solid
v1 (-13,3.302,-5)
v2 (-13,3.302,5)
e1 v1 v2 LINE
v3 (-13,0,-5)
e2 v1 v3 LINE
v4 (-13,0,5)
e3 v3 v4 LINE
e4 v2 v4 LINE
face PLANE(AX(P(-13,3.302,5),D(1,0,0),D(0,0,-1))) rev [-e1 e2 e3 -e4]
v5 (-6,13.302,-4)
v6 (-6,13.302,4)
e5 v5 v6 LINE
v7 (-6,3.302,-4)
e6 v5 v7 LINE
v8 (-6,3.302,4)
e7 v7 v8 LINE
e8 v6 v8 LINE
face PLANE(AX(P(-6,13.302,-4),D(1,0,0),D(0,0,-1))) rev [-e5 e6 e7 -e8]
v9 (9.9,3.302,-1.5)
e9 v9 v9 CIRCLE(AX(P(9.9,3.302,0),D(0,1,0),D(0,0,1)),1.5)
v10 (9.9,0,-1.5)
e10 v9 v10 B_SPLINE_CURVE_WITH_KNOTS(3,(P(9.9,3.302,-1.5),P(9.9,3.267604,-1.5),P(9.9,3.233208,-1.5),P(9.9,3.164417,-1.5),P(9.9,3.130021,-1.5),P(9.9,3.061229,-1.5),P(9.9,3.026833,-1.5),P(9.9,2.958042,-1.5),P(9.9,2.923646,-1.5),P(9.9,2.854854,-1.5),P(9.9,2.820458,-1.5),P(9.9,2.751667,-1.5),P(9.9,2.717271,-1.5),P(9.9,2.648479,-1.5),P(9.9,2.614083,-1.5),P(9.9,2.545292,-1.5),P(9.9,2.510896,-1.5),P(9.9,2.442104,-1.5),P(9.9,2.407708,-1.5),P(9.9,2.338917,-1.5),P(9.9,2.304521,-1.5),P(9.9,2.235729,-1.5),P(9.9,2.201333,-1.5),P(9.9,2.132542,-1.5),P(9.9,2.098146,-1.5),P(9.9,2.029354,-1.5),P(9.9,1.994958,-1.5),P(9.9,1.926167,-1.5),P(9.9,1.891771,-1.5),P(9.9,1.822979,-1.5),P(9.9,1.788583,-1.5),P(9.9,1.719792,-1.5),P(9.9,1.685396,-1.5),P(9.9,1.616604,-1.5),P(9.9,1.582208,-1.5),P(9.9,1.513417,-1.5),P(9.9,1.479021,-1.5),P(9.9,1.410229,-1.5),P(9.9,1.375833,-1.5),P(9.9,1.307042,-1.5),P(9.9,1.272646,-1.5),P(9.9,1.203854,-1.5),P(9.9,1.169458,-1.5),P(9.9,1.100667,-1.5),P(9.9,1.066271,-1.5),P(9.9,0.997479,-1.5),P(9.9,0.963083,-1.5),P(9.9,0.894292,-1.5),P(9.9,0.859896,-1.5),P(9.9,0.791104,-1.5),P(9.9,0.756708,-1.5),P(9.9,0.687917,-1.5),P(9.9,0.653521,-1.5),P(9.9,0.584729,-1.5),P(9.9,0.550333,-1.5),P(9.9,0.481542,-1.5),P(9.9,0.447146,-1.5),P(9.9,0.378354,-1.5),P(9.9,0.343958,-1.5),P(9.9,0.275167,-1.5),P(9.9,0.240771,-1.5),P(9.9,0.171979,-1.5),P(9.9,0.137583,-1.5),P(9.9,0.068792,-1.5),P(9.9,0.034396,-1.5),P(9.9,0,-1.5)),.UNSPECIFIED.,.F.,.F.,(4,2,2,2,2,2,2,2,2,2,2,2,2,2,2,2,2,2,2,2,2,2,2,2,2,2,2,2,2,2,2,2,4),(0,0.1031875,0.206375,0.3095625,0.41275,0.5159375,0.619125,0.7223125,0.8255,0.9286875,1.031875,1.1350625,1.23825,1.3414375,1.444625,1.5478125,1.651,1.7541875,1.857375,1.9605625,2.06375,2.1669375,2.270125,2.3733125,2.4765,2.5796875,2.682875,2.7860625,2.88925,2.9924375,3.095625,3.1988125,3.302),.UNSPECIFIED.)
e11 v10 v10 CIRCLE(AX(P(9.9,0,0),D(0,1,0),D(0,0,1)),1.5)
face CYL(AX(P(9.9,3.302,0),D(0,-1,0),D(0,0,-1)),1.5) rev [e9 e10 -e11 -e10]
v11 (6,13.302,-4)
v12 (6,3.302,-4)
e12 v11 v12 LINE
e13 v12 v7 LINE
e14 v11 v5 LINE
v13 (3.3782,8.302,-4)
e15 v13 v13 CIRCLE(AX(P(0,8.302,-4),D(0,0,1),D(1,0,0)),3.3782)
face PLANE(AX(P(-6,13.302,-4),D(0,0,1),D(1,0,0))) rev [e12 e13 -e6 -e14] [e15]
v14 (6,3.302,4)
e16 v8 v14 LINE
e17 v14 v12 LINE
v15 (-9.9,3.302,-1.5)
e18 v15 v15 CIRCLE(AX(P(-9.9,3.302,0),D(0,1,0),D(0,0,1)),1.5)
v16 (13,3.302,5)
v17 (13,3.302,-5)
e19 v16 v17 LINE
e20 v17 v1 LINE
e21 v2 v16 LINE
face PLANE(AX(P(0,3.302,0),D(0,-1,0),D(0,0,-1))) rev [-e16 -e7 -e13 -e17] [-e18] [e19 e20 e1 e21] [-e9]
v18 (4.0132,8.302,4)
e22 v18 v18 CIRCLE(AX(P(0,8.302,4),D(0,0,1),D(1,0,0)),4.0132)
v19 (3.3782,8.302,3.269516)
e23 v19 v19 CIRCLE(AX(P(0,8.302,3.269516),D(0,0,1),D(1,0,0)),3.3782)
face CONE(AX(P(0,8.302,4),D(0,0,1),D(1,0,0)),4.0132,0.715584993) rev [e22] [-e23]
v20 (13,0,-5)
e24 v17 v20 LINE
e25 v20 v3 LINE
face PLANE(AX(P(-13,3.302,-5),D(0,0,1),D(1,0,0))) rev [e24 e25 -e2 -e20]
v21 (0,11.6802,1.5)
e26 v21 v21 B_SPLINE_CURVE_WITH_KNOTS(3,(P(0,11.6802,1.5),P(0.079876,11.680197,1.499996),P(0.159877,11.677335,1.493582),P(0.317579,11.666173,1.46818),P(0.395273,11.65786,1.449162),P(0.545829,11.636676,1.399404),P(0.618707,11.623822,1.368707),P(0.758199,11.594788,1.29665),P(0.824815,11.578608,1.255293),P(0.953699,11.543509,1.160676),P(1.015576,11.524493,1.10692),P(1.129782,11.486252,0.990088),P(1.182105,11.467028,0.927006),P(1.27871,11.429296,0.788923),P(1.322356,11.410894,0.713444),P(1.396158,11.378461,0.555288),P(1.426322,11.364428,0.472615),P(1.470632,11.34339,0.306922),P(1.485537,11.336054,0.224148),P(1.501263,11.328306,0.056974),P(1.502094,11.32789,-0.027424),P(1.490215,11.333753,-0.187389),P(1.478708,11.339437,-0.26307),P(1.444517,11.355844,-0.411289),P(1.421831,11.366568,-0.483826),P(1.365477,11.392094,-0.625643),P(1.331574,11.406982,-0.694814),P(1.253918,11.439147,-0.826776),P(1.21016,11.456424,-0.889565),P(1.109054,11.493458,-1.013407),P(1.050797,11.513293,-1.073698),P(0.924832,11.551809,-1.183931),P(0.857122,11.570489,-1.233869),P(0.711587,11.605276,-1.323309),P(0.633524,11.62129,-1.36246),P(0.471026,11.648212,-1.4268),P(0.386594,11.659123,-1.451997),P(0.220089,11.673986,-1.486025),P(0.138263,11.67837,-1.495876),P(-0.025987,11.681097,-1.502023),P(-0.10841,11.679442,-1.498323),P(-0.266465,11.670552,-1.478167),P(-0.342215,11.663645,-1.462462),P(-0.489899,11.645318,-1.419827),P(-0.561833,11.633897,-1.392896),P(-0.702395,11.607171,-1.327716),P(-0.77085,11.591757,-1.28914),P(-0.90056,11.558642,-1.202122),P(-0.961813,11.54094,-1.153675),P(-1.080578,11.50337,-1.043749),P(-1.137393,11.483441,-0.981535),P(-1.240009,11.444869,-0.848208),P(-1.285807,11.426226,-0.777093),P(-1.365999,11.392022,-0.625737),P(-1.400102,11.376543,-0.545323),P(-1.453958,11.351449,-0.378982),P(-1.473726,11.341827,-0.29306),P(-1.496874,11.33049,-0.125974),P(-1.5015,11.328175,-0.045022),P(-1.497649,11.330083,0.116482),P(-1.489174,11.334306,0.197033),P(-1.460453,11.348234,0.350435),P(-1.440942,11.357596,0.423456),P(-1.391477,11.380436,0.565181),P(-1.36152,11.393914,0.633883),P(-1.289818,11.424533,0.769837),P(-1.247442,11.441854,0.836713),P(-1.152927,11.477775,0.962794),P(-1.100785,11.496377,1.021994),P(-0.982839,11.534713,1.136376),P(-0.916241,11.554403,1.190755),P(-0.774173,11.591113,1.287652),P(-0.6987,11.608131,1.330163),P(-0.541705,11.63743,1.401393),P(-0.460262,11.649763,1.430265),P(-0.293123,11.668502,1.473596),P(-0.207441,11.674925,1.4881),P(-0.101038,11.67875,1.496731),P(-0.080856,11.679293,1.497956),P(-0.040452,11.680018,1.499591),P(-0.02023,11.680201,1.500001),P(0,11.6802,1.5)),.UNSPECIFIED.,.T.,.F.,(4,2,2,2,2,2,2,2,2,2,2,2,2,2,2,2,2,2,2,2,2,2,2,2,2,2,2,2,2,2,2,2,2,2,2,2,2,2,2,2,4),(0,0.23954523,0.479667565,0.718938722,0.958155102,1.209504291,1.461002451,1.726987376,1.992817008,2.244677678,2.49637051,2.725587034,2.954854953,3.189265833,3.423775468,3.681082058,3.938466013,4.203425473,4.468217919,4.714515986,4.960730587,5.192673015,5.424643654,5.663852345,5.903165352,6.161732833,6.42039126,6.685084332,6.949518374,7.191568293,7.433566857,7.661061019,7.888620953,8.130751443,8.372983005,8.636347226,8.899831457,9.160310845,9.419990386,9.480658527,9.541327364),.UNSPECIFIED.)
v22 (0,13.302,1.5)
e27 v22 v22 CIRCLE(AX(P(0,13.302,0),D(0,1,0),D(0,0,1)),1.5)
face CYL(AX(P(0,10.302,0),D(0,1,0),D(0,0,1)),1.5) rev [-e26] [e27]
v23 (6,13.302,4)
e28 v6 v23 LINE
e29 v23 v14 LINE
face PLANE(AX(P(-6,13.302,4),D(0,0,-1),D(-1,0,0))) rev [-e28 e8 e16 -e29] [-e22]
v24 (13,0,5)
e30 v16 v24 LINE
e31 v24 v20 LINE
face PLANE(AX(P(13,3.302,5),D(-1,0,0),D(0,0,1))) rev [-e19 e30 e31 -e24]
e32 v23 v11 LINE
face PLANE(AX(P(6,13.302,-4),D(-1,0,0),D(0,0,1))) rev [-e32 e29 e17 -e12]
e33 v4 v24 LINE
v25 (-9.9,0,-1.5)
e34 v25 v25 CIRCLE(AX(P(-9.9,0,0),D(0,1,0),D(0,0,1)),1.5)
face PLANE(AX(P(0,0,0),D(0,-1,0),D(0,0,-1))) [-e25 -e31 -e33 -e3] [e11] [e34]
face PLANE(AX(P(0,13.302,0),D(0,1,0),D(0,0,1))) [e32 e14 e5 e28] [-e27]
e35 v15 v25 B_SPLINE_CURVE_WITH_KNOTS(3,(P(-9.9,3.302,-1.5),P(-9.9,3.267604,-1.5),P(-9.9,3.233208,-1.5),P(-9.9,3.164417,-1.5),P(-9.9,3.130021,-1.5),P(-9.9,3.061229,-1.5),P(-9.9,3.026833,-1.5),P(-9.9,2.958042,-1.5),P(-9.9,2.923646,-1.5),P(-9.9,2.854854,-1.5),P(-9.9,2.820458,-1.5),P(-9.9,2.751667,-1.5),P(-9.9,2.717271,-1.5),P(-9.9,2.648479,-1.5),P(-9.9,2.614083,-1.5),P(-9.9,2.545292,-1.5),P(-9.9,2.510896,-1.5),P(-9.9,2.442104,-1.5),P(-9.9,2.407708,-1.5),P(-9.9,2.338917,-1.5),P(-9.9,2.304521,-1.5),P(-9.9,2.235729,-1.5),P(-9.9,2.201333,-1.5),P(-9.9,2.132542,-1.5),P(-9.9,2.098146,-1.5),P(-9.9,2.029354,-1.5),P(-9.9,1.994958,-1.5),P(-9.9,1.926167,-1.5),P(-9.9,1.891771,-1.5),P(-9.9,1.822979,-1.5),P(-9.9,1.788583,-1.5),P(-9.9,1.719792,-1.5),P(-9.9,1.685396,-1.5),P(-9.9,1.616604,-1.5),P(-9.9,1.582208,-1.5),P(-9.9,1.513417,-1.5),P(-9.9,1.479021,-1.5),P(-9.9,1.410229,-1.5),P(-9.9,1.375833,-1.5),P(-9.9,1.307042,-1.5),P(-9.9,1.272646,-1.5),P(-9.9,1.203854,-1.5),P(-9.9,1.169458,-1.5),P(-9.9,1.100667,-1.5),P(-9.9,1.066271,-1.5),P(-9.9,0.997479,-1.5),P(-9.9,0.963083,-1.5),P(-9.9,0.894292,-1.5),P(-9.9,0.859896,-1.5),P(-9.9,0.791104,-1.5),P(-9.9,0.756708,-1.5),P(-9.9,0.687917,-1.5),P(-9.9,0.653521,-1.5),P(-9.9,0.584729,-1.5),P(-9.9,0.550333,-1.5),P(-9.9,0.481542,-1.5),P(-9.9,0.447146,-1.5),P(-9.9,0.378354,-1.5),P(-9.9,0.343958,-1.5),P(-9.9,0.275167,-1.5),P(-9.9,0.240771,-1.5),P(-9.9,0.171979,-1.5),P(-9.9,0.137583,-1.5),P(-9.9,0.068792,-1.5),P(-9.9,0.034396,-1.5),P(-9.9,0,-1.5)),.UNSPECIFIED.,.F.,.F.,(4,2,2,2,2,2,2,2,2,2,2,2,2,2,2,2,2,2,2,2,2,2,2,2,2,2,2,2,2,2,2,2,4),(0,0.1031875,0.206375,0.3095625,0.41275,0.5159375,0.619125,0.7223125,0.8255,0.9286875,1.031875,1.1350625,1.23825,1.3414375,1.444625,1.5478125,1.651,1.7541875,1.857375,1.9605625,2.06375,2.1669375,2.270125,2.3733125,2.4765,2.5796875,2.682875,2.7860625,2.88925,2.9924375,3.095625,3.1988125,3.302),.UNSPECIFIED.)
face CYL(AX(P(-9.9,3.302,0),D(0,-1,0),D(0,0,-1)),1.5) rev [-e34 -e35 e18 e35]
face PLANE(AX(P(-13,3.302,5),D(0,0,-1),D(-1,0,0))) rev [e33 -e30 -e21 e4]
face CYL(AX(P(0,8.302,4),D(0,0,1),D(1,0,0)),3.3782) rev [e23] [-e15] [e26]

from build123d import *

# Parameters (mm, degrees)
SKETCH1_W                               = 26
SKETCH1_H                               = 10
SKETCH1_R                               = 1.5
BOSS_EXTRUDE5_DEPTH                     = 3.302
CROQUIS7_W                              = 12
CROQUIS7_H                              = 8
SALIENTE_EXTRUIR2_DEPTH                 = 10
TALADRO_DE_MARGEN_PARA_1_43_D           = 6.7564
TALADRO_DE_MARGEN_PARA_1_43_CSINK_D     = 8.0264
TALADRO_DE_MARGEN_PARA_1_43_CSINK_ANGLE = 82
CROQUIS13_R                             = 1.5
CORTAR_EXTRUIR3_DEPTH                   = 3


with BuildPart() as part:
    # Sketch1 → Boss-Extrude5 (new body)
    with BuildSketch(Plane(origin=(0, 0, 0), x_dir=(1, 0, 0), z_dir=(0, 1, 0))):
        Rectangle(SKETCH1_W, SKETCH1_H)
        with Locations(Location((-9.9, 0, 0), (0, 0, 90))):
            Circle(SKETCH1_R, mode=Mode.SUBTRACT)
        with Locations(Location((9.9, 0, 0), (0, 0, 90))):
            Circle(SKETCH1_R, mode=Mode.SUBTRACT)
    extrude(amount=BOSS_EXTRUDE5_DEPTH)

    # Croquis7 → Saliente-Extruir2 (add)
    with BuildSketch(Plane(origin=(0, 3.302, 0), x_dir=(1, 0, 0), z_dir=(0, 1, 0))):
        Rectangle(CROQUIS7_W, CROQUIS7_H)
    extrude(amount=SALIENTE_EXTRUIR2_DEPTH)

    # Taladro de margen para 1/43 (through all)
    with Locations(Plane.XY.offset(4)):
        with Locations((0, 8.302)):
            CounterSinkHole(TALADRO_DE_MARGEN_PARA_1_43_D / 2, TALADRO_DE_MARGEN_PARA_1_43_CSINK_D / 2, counter_sink_angle=TALADRO_DE_MARGEN_PARA_1_43_CSINK_ANGLE)

    # Croquis13 → Cortar-Extruir3 (cut)
    with BuildSketch(Plane(origin=(0, 13.302, 0), x_dir=(1, 0, 0), z_dir=(0, 1, 0))):
        with Locations(Location((0, 0, 0), (0, 0, 270))):
            Circle(CROQUIS13_R)
    extrude(amount=-CORTAR_EXTRUIR3_DEPTH, mode=Mode.SUBTRACT)


solid = part.part
